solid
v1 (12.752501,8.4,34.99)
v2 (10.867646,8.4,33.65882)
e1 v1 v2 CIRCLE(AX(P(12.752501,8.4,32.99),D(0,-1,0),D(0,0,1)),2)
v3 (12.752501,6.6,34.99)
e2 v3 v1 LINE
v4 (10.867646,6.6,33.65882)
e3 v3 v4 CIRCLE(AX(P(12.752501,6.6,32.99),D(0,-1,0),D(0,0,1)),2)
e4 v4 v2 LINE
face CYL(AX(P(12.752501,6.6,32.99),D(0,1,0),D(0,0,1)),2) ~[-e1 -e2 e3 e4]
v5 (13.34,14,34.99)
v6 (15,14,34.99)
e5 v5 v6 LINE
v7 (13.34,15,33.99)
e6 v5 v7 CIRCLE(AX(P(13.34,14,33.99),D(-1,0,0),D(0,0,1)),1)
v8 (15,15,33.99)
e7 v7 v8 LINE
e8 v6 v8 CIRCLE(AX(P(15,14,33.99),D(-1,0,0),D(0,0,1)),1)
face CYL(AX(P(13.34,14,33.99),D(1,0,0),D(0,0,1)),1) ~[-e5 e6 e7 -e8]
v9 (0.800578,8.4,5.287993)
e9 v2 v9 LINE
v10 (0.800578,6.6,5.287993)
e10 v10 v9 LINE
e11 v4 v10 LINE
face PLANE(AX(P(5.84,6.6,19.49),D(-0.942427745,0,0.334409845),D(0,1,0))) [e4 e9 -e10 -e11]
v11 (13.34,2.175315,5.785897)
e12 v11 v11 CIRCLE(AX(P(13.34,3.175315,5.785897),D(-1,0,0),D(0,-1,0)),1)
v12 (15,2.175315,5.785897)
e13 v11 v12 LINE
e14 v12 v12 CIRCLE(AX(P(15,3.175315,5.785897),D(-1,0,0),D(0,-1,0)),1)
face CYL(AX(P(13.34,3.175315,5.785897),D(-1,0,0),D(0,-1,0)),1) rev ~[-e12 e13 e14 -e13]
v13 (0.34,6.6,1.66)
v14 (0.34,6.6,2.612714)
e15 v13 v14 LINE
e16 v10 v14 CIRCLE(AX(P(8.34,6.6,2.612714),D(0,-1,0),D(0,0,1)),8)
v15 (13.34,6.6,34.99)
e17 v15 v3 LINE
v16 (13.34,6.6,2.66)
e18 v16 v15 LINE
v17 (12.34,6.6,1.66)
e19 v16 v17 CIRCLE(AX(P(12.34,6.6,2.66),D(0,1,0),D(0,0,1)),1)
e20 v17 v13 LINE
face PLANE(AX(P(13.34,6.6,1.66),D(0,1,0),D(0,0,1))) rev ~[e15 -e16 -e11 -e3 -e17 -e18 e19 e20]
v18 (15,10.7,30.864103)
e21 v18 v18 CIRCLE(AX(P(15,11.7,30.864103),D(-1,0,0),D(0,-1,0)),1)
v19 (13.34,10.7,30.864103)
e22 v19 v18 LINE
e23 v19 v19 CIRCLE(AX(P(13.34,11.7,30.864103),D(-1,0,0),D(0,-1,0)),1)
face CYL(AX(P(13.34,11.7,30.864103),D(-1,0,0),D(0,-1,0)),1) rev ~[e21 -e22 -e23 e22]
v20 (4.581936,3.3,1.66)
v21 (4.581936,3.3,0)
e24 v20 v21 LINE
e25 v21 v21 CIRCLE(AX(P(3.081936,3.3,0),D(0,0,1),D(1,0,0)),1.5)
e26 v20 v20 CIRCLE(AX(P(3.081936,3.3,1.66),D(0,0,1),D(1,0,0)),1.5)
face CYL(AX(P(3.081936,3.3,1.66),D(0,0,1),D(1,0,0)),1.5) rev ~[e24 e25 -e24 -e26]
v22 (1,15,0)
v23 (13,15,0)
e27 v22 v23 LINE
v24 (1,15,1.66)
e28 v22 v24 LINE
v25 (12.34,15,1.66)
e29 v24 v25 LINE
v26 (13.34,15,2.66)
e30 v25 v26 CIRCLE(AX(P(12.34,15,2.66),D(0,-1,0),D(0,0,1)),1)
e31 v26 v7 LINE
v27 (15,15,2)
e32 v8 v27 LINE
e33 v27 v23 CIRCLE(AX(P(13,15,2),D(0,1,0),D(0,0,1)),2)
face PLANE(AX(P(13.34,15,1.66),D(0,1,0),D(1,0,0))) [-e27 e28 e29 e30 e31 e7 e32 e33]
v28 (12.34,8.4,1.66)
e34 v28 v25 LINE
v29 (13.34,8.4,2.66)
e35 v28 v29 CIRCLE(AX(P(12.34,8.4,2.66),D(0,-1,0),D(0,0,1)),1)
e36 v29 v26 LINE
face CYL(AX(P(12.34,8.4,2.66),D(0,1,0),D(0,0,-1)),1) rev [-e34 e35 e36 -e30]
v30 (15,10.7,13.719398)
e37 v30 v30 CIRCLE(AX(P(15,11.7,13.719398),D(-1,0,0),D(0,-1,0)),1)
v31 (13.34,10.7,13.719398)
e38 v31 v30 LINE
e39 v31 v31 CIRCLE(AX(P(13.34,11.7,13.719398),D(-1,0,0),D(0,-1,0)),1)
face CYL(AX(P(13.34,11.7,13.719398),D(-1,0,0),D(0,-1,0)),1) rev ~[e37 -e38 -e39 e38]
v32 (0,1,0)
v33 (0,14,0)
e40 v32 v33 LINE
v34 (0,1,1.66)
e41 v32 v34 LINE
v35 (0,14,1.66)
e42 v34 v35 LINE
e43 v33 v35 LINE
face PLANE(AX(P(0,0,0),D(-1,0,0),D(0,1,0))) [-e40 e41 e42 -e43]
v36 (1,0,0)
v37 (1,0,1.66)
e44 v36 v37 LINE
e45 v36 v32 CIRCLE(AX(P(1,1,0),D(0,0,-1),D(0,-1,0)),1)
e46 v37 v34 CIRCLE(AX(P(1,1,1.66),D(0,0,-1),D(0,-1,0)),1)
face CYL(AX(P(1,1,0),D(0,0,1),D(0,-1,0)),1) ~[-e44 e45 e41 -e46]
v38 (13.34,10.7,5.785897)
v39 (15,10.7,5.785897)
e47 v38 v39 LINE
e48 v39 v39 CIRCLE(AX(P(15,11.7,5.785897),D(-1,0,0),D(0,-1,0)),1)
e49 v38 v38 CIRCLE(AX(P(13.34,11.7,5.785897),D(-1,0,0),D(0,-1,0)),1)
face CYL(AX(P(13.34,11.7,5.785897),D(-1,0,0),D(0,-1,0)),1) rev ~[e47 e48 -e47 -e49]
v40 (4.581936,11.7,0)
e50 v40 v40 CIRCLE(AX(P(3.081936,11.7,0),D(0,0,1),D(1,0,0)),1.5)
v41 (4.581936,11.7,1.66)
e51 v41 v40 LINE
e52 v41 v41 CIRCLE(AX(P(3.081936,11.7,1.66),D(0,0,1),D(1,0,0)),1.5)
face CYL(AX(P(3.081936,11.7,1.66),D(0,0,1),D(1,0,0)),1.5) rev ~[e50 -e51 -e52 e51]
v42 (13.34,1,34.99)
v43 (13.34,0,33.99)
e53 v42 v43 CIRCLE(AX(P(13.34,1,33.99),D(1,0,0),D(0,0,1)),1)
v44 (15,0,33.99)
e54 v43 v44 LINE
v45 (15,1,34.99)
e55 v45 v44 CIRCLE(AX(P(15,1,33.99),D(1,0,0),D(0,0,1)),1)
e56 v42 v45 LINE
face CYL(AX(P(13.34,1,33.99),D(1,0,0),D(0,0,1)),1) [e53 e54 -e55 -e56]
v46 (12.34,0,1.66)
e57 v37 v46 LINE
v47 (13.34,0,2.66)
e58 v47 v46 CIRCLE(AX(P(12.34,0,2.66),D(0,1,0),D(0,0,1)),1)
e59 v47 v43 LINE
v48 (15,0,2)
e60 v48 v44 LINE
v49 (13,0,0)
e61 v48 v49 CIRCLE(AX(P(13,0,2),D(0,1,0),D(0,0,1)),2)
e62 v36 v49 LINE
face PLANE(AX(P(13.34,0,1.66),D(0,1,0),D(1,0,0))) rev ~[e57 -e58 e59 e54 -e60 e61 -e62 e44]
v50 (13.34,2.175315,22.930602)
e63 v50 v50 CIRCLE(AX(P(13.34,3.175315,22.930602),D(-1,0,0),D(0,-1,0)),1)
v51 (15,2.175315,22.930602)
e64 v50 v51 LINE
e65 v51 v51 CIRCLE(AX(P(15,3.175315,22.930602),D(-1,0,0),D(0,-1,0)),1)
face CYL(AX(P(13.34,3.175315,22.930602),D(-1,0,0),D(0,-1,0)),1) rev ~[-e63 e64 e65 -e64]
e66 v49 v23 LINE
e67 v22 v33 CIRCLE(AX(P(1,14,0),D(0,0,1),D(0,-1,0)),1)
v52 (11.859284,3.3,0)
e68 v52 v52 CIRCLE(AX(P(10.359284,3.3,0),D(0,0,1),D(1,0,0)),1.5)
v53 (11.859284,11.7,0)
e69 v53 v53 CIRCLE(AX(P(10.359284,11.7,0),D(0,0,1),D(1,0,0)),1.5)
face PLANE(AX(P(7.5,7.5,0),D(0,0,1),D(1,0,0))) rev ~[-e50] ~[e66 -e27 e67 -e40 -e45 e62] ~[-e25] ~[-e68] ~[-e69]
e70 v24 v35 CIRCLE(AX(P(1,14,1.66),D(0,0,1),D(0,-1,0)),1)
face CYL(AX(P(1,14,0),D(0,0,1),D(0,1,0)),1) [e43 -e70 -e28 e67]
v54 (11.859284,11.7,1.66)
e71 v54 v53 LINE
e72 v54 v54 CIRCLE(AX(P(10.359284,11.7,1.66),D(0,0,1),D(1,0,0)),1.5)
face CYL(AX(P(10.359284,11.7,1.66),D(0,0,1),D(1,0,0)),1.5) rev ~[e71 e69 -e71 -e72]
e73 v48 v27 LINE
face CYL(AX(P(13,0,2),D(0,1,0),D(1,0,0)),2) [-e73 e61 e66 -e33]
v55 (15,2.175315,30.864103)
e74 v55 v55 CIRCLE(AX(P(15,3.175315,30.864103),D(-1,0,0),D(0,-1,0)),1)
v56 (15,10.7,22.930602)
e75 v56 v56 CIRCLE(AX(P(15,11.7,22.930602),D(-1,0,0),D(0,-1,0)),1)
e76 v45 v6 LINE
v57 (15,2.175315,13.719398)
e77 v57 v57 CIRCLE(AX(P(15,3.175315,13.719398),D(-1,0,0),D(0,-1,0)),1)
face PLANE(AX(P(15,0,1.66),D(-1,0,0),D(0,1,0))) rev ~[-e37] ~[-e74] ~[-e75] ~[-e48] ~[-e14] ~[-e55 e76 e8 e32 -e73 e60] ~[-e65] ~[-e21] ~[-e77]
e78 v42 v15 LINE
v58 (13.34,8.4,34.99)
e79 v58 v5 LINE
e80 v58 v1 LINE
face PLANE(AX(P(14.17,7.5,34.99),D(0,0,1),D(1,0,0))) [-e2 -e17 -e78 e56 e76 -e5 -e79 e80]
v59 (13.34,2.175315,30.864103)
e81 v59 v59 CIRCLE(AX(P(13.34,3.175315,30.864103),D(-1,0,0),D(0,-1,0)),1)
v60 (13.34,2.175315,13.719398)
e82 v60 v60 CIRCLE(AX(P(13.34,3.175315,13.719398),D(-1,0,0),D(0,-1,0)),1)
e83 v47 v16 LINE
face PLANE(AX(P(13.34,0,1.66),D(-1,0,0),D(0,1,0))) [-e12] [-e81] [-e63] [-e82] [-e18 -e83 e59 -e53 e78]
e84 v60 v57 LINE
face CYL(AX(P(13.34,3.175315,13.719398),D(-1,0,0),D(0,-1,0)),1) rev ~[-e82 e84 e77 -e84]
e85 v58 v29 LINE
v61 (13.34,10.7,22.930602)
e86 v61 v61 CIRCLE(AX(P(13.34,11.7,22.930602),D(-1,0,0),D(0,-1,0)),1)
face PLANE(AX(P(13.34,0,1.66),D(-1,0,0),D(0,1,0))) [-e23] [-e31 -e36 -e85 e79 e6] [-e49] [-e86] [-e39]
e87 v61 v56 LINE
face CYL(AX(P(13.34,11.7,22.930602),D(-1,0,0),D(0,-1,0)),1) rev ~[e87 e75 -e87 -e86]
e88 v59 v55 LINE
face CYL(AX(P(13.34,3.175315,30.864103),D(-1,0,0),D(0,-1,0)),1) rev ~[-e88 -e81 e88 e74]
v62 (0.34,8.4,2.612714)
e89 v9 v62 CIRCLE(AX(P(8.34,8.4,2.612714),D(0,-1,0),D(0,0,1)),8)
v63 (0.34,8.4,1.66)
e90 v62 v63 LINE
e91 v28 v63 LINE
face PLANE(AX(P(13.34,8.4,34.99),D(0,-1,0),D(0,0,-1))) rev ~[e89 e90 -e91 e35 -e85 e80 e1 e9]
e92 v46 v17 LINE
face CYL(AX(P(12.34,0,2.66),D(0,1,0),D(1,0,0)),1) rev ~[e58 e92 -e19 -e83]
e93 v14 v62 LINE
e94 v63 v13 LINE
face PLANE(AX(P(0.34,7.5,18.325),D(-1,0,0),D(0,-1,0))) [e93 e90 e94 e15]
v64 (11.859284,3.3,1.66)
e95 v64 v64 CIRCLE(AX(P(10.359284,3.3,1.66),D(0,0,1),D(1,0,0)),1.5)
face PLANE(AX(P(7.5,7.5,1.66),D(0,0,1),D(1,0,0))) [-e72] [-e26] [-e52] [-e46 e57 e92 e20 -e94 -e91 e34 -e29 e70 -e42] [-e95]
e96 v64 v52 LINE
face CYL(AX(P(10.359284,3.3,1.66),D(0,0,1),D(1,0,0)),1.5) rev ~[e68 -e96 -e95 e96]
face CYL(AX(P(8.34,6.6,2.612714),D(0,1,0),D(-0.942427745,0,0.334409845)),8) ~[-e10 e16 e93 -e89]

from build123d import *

# Parameters (mm, degrees)
F0_W           = 15
F0_H           = 15
F1_DEPTH       = 1.66
F2_W           = 1.66
F2_H           = 15
F3_DEPTH       = 33.33
F5_DEPTH       = 13
F6_SIZE2       = 31
F6_SIZE        = 11
F7_R           = 1
F8_R           = 2
F9_R           = 8
F10_R          = 1.5
F11_DEPTH      = 25
F12_R          = 1
F13_DEPTH      = 25
F13_DEPTH_BACK = 25


with BuildPart() as f1:
    # F0 (on Top) → F1 (new body)
    with BuildSketch(Plane.XY):
        with Locations((7.5, 7.5)):
            Rectangle(F0_W, F0_H)
    extrude(amount=F1_DEPTH)

    # F2 (on face) → F3 (join)
    with BuildSketch(Plane.XY.offset(1.66)):
        with Locations((14.17, 7.5)):
            Rectangle(F2_W, F2_H)
    extrude(amount=F3_DEPTH)

    # F4 (on face) → F5 (join)
    with BuildSketch(Plane(origin=(13.34, 0, 0), x_dir=(0, -1, 0), z_dir=(-1, 0, 0))):
        Polygon((-6.6, 34.99), (-7.5, 34.99), (-8.4, 34.99), (-8.4, 1.66), (-7.5, 1.66), (-6.6, 1.66), align=None)
    extrude(amount=F5_DEPTH)

    # F6
    f6_edges = [f1.edges().sort_by_distance(p)[0] for p in [
        (0.34, 7.5, 34.99),
    ]]
    f6_side = f1.faces().sort_by_distance((10.61882, 7.5, 34.99))[0]
    chamfer(f6_edges, length=F6_SIZE, length2=F6_SIZE2, reference=f6_side)

    # F7
    f7_edges = [f1.edges().sort_by_distance(p)[0] for p in [
        (0, 0, 0.83),
        (0, 15, 0.83),
        (13.34, 3.3, 1.66),
        (13.34, 11.7, 1.66),
        (14.17, 15, 34.99),
        (14.17, 0, 34.99),
    ]]
    fillet(f7_edges, radius=F7_R)

    # F8
    f8_edges = [f1.edges().sort_by_distance(p)[0] for p in [
        (11.34, 7.5, 34.99),
        (15, 7.5, 0),
    ]]
    fillet(f8_edges, radius=F8_R)

    # F9
    f9_edges = [f1.edges().sort_by_distance(p)[0] for p in [
        (0.34, 7.5, 3.99),
    ]]
    fillet(f9_edges, radius=F9_R)

    # F10 (on face) → F11 (cut)
    with BuildSketch(Plane.XY.offset(1.66)):
        with Locations((3.0819363892, 11.7)):
            Circle(F10_R)
        with Locations((10.3592835367, 11.7)):
            Circle(F10_R)
        with Locations((3.0819363892, 3.3)):
            Circle(F10_R)
        with Locations((10.3592835367, 3.3)):
            Circle(F10_R)
    extrude(amount=-F11_DEPTH, mode=Mode.SUBTRACT)

    # F12 (on face) → F13 (cut, two sides)
    with BuildSketch(Plane(origin=(13.34, 0, 0), x_dir=(0, -1, 0), z_dir=(-1, 0, 0))) as f13_sk:
        with Locations((-11.7, 22.9306016117)):
            Circle(F12_R)
        with Locations((-11.7, 30.8641027659)):
            Circle(F12_R)
        with Locations((-11.7, 13.7193983883)):
            Circle(F12_R)
        with Locations((-11.7, 5.7858972341)):
            Circle(F12_R)
        with Locations((-3.1753151298, 30.8641027659)):
            Circle(F12_R)
        with Locations((-3.1753151298, 22.9306016117)):
            Circle(F12_R)
        with Locations((-3.1753151298, 13.7193983883)):
            Circle(F12_R)
        with Locations((-3.1753151298, 5.7858972341)):
            Circle(F12_R)
    extrude(amount=F13_DEPTH, mode=Mode.SUBTRACT)
    extrude(f13_sk.sketch, amount=-F13_DEPTH_BACK, mode=Mode.SUBTRACT)


solid = f1.part
